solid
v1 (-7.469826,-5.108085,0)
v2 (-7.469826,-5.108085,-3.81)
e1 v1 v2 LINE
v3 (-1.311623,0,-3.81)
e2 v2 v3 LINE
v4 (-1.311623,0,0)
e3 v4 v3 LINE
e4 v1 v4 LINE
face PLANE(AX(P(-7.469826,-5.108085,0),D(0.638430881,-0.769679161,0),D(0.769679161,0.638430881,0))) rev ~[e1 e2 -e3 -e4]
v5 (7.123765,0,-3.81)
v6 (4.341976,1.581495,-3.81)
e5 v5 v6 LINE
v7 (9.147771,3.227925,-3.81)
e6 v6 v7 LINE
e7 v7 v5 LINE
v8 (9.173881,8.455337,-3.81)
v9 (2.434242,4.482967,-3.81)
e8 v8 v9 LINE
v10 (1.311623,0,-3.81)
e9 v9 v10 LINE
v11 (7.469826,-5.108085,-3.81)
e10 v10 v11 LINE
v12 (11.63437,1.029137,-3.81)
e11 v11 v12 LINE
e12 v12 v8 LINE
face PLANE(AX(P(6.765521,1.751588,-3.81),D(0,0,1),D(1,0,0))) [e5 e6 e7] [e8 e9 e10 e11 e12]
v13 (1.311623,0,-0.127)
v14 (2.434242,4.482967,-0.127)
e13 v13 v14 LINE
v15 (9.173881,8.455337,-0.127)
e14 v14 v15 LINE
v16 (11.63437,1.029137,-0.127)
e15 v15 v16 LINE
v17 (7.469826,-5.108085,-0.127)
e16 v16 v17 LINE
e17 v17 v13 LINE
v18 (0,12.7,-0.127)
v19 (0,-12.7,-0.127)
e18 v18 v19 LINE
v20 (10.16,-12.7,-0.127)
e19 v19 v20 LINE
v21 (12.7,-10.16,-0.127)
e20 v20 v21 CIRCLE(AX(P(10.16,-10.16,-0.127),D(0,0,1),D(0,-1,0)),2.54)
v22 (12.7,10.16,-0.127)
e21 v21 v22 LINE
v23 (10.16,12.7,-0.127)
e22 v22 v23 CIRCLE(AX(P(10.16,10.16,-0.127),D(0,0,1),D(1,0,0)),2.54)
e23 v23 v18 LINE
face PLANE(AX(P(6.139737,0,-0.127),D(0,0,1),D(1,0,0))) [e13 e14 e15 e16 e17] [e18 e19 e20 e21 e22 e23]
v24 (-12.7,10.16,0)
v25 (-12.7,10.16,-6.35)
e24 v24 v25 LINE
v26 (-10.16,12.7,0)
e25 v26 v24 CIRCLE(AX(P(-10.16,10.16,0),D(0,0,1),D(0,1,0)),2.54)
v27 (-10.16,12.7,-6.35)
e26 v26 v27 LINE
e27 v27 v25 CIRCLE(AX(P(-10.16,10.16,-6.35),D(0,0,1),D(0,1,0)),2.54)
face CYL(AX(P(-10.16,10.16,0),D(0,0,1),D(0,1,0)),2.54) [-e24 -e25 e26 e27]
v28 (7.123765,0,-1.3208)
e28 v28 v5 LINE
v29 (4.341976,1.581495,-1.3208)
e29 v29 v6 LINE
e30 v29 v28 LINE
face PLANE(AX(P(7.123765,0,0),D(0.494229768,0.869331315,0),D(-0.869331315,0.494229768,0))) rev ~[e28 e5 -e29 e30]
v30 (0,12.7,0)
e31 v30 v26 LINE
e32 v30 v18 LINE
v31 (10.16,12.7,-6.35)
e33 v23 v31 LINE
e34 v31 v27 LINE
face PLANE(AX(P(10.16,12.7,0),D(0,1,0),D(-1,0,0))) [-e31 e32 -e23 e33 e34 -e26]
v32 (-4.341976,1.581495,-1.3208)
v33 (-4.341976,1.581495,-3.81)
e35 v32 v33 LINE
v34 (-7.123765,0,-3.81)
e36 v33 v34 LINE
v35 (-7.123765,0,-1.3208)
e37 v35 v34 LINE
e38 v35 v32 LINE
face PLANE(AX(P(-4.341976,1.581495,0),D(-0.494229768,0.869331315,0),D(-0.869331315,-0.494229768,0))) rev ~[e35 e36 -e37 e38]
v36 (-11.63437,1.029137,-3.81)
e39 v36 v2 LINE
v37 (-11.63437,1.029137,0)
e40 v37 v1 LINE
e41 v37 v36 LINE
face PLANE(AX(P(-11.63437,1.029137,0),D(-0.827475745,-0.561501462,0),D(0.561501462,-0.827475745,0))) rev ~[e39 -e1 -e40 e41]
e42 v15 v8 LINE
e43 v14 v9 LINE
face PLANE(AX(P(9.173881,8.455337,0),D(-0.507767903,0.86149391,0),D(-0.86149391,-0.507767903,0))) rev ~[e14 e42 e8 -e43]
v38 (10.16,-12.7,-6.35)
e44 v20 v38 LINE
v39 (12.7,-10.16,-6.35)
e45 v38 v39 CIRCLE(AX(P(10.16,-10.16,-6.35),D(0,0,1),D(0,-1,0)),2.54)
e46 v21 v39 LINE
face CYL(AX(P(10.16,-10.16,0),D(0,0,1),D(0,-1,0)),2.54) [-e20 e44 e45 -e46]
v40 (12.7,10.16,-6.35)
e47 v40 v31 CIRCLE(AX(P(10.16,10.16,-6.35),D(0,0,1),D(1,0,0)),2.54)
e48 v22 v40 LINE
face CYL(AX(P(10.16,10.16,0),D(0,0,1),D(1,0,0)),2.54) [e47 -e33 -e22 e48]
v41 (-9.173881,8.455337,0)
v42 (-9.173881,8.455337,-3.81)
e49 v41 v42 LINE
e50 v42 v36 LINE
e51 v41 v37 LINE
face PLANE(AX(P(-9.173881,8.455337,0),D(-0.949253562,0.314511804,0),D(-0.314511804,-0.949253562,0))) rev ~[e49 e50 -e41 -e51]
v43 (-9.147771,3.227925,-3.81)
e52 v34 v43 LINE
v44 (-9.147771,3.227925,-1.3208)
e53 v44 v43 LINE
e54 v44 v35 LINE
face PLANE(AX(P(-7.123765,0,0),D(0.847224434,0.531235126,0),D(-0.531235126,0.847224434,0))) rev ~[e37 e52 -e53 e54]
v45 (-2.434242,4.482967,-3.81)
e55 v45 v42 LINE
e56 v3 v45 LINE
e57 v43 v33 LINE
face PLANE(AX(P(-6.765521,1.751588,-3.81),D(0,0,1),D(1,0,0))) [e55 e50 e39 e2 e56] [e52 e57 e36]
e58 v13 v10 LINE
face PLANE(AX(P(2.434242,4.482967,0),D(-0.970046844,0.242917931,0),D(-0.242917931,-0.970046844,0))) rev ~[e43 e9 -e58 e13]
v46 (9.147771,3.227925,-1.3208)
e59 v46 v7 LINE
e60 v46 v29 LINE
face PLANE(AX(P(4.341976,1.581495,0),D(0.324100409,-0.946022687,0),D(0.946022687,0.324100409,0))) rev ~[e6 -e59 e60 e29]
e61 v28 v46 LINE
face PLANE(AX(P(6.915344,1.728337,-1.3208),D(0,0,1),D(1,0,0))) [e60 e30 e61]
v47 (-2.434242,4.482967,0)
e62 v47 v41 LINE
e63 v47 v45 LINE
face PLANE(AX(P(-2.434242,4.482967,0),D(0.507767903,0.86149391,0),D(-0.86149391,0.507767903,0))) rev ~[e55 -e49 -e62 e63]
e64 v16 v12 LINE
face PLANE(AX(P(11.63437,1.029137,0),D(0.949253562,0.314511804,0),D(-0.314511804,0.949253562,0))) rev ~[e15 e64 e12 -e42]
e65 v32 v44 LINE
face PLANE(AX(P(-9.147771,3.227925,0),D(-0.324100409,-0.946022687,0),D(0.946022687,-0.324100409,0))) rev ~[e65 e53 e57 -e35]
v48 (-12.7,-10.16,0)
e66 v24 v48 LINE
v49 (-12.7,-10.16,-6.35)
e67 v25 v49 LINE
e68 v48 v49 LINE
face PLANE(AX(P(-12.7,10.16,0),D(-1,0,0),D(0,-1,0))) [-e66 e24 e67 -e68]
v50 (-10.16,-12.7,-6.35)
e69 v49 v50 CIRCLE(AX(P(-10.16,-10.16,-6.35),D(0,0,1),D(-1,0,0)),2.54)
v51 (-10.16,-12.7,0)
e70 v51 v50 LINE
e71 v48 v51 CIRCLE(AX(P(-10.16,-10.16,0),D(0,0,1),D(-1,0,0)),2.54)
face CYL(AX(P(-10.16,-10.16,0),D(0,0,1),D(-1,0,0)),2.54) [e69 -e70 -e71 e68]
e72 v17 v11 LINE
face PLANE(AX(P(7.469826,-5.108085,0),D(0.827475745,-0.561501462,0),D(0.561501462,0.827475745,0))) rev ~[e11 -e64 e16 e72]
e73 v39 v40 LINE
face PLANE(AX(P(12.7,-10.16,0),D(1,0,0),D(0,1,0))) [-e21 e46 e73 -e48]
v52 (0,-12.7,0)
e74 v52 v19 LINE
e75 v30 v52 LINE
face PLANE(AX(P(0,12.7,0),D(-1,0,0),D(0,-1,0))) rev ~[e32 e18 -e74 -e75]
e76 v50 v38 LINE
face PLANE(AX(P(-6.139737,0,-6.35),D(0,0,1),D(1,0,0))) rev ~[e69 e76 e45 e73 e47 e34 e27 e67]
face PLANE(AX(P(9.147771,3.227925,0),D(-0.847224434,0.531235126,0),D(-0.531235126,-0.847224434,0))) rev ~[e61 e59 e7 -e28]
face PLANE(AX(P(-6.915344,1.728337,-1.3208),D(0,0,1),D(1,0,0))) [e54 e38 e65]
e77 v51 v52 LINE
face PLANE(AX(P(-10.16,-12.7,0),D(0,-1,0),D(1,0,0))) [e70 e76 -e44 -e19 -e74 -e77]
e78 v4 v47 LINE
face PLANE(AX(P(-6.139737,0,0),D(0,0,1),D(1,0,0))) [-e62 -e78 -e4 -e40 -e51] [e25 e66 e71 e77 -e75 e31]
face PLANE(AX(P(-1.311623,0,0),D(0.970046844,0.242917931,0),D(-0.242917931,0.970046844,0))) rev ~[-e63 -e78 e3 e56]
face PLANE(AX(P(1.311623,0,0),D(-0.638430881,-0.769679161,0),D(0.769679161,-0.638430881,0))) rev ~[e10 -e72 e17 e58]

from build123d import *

# Parameters (mm, degrees)
F1_DEPTH = 6.35
F2_DEPTH = 3.81
F3_DEPTH = 1.3208
F4_DEPTH = 0.127


with BuildPart() as f1:
    # F0 (on Top) → F1 (new body)
    with BuildSketch(Plane.XY):
        with BuildLine():
            Line((0, 12.7), (-10.16, 12.7))
            ThreePointArc((-10.16, 12.7), (-11.9560512242, 11.9560512242), (-12.7, 10.16))
            Line((-12.7, 10.16), (-12.7, -10.16))
            ThreePointArc((-12.7, -10.16), (-11.9560512242, -11.9560512242), (-10.16, -12.7))
            Line((-10.16, -12.7), (0, -12.7))
            Line((0, -12.7), (0, 12.7))
        make_face()
        Polygon((-9.1738812898, 8.45533709), (-2.4342421361, 4.4829672283), (-1.3116230257, 0), (-7.4698259894, -5.1080854787), (-11.6343700355, 1.0291366232), align=None, mode=Mode.SUBTRACT)
        with BuildLine():
            Line((10.16, 12.7), (0, 12.7))
            Line((0, 12.7), (0, -12.7))
            Line((0, -12.7), (10.16, -12.7))
            ThreePointArc((10.16, -12.7), (11.9560512242, -11.9560512242), (12.7, -10.16))
            Line((12.7, -10.16), (12.7, 10.16))
            ThreePointArc((12.7, 10.16), (11.9560512242, 11.9560512242), (10.16, 12.7))
        make_face()
        Polygon((7.4698259894, -5.1080854787), (1.3116230257, 0), (2.4342421361, 4.4829672283), (9.1738812898, 8.45533709), (11.6343700355, 1.0291366232), align=None, mode=Mode.SUBTRACT)
        Polygon((-1.3116230257, 0), (-2.4342421361, 4.4829672283), (-9.1738812898, 8.45533709), (-11.6343700355, 1.0291366232), (-7.4698259894, -5.1080854787), align=None)
        Polygon((-4.3419757446, 1.5814950152), (-7.1237651675, 0), (-9.1477709961, 3.227925093), align=None, mode=Mode.SUBTRACT)
        Polygon((-9.1477709961, 3.227925093), (-7.1237651675, 0), (-4.3419757446, 1.5814950152), align=None)
        Polygon((2.4342421361, 4.4829672283), (1.3116230257, 0), (7.4698259894, -5.1080854787), (11.6343700355, 1.0291366232), (9.1738812898, 8.45533709), align=None)
        Polygon((4.3419757446, 1.5814950152), (9.1477709961, 3.227925093), (7.1237651675, 0), align=None, mode=Mode.SUBTRACT)
        Polygon((7.1237651675, 0), (9.1477709961, 3.227925093), (4.3419757446, 1.5814950152), align=None)
    extrude(amount=-F1_DEPTH)

    # F0 (on Top) → F2 (cut)
    with BuildSketch(Plane.XY):
        Polygon((-1.3116230257, 0), (-2.4342421361, 4.4829672283), (-9.1738812898, 8.45533709), (-11.6343700355, 1.0291366232), (-7.4698259894, -5.1080854787), align=None)
        Polygon((-4.3419757446, 1.5814950152), (-7.1237651675, 0), (-9.1477709961, 3.227925093), align=None, mode=Mode.SUBTRACT)
        Polygon((2.4342421361, 4.4829672283), (1.3116230257, 0), (7.4698259894, -5.1080854787), (11.6343700355, 1.0291366232), (9.1738812898, 8.45533709), align=None)
        Polygon((4.3419757446, 1.5814950152), (9.1477709961, 3.227925093), (7.1237651675, 0), align=None, mode=Mode.SUBTRACT)
    extrude(amount=-F2_DEPTH, mode=Mode.SUBTRACT)

    # F0 (on Top) → F3 (cut)
    with BuildSketch(Plane.XY):
        Polygon((-9.1477709961, 3.227925093), (-7.1237651675, 0), (-4.3419757446, 1.5814950152), align=None)
        Polygon((7.1237651675, 0), (9.1477709961, 3.227925093), (4.3419757446, 1.5814950152), align=None)
    extrude(amount=-F3_DEPTH, mode=Mode.SUBTRACT)

    # F0 (on Top) → F4 (cut)
    with BuildSketch(Plane.XY):
        with BuildLine():
            Line((10.16, 12.7), (0, 12.7))
            Line((0, 12.7), (0, -12.7))
            Line((0, -12.7), (10.16, -12.7))
            ThreePointArc((10.16, -12.7), (11.9560512242, -11.9560512242), (12.7, -10.16))
            Line((12.7, -10.16), (12.7, 10.16))
            ThreePointArc((12.7, 10.16), (11.9560512242, 11.9560512242), (10.16, 12.7))
        make_face()
        Polygon((7.4698259894, -5.1080854787), (1.3116230257, 0), (2.4342421361, 4.4829672283), (9.1738812898, 8.45533709), (11.6343700355, 1.0291366232), align=None, mode=Mode.SUBTRACT)
    extrude(amount=-F4_DEPTH, mode=Mode.SUBTRACT)


solid = f1.part
